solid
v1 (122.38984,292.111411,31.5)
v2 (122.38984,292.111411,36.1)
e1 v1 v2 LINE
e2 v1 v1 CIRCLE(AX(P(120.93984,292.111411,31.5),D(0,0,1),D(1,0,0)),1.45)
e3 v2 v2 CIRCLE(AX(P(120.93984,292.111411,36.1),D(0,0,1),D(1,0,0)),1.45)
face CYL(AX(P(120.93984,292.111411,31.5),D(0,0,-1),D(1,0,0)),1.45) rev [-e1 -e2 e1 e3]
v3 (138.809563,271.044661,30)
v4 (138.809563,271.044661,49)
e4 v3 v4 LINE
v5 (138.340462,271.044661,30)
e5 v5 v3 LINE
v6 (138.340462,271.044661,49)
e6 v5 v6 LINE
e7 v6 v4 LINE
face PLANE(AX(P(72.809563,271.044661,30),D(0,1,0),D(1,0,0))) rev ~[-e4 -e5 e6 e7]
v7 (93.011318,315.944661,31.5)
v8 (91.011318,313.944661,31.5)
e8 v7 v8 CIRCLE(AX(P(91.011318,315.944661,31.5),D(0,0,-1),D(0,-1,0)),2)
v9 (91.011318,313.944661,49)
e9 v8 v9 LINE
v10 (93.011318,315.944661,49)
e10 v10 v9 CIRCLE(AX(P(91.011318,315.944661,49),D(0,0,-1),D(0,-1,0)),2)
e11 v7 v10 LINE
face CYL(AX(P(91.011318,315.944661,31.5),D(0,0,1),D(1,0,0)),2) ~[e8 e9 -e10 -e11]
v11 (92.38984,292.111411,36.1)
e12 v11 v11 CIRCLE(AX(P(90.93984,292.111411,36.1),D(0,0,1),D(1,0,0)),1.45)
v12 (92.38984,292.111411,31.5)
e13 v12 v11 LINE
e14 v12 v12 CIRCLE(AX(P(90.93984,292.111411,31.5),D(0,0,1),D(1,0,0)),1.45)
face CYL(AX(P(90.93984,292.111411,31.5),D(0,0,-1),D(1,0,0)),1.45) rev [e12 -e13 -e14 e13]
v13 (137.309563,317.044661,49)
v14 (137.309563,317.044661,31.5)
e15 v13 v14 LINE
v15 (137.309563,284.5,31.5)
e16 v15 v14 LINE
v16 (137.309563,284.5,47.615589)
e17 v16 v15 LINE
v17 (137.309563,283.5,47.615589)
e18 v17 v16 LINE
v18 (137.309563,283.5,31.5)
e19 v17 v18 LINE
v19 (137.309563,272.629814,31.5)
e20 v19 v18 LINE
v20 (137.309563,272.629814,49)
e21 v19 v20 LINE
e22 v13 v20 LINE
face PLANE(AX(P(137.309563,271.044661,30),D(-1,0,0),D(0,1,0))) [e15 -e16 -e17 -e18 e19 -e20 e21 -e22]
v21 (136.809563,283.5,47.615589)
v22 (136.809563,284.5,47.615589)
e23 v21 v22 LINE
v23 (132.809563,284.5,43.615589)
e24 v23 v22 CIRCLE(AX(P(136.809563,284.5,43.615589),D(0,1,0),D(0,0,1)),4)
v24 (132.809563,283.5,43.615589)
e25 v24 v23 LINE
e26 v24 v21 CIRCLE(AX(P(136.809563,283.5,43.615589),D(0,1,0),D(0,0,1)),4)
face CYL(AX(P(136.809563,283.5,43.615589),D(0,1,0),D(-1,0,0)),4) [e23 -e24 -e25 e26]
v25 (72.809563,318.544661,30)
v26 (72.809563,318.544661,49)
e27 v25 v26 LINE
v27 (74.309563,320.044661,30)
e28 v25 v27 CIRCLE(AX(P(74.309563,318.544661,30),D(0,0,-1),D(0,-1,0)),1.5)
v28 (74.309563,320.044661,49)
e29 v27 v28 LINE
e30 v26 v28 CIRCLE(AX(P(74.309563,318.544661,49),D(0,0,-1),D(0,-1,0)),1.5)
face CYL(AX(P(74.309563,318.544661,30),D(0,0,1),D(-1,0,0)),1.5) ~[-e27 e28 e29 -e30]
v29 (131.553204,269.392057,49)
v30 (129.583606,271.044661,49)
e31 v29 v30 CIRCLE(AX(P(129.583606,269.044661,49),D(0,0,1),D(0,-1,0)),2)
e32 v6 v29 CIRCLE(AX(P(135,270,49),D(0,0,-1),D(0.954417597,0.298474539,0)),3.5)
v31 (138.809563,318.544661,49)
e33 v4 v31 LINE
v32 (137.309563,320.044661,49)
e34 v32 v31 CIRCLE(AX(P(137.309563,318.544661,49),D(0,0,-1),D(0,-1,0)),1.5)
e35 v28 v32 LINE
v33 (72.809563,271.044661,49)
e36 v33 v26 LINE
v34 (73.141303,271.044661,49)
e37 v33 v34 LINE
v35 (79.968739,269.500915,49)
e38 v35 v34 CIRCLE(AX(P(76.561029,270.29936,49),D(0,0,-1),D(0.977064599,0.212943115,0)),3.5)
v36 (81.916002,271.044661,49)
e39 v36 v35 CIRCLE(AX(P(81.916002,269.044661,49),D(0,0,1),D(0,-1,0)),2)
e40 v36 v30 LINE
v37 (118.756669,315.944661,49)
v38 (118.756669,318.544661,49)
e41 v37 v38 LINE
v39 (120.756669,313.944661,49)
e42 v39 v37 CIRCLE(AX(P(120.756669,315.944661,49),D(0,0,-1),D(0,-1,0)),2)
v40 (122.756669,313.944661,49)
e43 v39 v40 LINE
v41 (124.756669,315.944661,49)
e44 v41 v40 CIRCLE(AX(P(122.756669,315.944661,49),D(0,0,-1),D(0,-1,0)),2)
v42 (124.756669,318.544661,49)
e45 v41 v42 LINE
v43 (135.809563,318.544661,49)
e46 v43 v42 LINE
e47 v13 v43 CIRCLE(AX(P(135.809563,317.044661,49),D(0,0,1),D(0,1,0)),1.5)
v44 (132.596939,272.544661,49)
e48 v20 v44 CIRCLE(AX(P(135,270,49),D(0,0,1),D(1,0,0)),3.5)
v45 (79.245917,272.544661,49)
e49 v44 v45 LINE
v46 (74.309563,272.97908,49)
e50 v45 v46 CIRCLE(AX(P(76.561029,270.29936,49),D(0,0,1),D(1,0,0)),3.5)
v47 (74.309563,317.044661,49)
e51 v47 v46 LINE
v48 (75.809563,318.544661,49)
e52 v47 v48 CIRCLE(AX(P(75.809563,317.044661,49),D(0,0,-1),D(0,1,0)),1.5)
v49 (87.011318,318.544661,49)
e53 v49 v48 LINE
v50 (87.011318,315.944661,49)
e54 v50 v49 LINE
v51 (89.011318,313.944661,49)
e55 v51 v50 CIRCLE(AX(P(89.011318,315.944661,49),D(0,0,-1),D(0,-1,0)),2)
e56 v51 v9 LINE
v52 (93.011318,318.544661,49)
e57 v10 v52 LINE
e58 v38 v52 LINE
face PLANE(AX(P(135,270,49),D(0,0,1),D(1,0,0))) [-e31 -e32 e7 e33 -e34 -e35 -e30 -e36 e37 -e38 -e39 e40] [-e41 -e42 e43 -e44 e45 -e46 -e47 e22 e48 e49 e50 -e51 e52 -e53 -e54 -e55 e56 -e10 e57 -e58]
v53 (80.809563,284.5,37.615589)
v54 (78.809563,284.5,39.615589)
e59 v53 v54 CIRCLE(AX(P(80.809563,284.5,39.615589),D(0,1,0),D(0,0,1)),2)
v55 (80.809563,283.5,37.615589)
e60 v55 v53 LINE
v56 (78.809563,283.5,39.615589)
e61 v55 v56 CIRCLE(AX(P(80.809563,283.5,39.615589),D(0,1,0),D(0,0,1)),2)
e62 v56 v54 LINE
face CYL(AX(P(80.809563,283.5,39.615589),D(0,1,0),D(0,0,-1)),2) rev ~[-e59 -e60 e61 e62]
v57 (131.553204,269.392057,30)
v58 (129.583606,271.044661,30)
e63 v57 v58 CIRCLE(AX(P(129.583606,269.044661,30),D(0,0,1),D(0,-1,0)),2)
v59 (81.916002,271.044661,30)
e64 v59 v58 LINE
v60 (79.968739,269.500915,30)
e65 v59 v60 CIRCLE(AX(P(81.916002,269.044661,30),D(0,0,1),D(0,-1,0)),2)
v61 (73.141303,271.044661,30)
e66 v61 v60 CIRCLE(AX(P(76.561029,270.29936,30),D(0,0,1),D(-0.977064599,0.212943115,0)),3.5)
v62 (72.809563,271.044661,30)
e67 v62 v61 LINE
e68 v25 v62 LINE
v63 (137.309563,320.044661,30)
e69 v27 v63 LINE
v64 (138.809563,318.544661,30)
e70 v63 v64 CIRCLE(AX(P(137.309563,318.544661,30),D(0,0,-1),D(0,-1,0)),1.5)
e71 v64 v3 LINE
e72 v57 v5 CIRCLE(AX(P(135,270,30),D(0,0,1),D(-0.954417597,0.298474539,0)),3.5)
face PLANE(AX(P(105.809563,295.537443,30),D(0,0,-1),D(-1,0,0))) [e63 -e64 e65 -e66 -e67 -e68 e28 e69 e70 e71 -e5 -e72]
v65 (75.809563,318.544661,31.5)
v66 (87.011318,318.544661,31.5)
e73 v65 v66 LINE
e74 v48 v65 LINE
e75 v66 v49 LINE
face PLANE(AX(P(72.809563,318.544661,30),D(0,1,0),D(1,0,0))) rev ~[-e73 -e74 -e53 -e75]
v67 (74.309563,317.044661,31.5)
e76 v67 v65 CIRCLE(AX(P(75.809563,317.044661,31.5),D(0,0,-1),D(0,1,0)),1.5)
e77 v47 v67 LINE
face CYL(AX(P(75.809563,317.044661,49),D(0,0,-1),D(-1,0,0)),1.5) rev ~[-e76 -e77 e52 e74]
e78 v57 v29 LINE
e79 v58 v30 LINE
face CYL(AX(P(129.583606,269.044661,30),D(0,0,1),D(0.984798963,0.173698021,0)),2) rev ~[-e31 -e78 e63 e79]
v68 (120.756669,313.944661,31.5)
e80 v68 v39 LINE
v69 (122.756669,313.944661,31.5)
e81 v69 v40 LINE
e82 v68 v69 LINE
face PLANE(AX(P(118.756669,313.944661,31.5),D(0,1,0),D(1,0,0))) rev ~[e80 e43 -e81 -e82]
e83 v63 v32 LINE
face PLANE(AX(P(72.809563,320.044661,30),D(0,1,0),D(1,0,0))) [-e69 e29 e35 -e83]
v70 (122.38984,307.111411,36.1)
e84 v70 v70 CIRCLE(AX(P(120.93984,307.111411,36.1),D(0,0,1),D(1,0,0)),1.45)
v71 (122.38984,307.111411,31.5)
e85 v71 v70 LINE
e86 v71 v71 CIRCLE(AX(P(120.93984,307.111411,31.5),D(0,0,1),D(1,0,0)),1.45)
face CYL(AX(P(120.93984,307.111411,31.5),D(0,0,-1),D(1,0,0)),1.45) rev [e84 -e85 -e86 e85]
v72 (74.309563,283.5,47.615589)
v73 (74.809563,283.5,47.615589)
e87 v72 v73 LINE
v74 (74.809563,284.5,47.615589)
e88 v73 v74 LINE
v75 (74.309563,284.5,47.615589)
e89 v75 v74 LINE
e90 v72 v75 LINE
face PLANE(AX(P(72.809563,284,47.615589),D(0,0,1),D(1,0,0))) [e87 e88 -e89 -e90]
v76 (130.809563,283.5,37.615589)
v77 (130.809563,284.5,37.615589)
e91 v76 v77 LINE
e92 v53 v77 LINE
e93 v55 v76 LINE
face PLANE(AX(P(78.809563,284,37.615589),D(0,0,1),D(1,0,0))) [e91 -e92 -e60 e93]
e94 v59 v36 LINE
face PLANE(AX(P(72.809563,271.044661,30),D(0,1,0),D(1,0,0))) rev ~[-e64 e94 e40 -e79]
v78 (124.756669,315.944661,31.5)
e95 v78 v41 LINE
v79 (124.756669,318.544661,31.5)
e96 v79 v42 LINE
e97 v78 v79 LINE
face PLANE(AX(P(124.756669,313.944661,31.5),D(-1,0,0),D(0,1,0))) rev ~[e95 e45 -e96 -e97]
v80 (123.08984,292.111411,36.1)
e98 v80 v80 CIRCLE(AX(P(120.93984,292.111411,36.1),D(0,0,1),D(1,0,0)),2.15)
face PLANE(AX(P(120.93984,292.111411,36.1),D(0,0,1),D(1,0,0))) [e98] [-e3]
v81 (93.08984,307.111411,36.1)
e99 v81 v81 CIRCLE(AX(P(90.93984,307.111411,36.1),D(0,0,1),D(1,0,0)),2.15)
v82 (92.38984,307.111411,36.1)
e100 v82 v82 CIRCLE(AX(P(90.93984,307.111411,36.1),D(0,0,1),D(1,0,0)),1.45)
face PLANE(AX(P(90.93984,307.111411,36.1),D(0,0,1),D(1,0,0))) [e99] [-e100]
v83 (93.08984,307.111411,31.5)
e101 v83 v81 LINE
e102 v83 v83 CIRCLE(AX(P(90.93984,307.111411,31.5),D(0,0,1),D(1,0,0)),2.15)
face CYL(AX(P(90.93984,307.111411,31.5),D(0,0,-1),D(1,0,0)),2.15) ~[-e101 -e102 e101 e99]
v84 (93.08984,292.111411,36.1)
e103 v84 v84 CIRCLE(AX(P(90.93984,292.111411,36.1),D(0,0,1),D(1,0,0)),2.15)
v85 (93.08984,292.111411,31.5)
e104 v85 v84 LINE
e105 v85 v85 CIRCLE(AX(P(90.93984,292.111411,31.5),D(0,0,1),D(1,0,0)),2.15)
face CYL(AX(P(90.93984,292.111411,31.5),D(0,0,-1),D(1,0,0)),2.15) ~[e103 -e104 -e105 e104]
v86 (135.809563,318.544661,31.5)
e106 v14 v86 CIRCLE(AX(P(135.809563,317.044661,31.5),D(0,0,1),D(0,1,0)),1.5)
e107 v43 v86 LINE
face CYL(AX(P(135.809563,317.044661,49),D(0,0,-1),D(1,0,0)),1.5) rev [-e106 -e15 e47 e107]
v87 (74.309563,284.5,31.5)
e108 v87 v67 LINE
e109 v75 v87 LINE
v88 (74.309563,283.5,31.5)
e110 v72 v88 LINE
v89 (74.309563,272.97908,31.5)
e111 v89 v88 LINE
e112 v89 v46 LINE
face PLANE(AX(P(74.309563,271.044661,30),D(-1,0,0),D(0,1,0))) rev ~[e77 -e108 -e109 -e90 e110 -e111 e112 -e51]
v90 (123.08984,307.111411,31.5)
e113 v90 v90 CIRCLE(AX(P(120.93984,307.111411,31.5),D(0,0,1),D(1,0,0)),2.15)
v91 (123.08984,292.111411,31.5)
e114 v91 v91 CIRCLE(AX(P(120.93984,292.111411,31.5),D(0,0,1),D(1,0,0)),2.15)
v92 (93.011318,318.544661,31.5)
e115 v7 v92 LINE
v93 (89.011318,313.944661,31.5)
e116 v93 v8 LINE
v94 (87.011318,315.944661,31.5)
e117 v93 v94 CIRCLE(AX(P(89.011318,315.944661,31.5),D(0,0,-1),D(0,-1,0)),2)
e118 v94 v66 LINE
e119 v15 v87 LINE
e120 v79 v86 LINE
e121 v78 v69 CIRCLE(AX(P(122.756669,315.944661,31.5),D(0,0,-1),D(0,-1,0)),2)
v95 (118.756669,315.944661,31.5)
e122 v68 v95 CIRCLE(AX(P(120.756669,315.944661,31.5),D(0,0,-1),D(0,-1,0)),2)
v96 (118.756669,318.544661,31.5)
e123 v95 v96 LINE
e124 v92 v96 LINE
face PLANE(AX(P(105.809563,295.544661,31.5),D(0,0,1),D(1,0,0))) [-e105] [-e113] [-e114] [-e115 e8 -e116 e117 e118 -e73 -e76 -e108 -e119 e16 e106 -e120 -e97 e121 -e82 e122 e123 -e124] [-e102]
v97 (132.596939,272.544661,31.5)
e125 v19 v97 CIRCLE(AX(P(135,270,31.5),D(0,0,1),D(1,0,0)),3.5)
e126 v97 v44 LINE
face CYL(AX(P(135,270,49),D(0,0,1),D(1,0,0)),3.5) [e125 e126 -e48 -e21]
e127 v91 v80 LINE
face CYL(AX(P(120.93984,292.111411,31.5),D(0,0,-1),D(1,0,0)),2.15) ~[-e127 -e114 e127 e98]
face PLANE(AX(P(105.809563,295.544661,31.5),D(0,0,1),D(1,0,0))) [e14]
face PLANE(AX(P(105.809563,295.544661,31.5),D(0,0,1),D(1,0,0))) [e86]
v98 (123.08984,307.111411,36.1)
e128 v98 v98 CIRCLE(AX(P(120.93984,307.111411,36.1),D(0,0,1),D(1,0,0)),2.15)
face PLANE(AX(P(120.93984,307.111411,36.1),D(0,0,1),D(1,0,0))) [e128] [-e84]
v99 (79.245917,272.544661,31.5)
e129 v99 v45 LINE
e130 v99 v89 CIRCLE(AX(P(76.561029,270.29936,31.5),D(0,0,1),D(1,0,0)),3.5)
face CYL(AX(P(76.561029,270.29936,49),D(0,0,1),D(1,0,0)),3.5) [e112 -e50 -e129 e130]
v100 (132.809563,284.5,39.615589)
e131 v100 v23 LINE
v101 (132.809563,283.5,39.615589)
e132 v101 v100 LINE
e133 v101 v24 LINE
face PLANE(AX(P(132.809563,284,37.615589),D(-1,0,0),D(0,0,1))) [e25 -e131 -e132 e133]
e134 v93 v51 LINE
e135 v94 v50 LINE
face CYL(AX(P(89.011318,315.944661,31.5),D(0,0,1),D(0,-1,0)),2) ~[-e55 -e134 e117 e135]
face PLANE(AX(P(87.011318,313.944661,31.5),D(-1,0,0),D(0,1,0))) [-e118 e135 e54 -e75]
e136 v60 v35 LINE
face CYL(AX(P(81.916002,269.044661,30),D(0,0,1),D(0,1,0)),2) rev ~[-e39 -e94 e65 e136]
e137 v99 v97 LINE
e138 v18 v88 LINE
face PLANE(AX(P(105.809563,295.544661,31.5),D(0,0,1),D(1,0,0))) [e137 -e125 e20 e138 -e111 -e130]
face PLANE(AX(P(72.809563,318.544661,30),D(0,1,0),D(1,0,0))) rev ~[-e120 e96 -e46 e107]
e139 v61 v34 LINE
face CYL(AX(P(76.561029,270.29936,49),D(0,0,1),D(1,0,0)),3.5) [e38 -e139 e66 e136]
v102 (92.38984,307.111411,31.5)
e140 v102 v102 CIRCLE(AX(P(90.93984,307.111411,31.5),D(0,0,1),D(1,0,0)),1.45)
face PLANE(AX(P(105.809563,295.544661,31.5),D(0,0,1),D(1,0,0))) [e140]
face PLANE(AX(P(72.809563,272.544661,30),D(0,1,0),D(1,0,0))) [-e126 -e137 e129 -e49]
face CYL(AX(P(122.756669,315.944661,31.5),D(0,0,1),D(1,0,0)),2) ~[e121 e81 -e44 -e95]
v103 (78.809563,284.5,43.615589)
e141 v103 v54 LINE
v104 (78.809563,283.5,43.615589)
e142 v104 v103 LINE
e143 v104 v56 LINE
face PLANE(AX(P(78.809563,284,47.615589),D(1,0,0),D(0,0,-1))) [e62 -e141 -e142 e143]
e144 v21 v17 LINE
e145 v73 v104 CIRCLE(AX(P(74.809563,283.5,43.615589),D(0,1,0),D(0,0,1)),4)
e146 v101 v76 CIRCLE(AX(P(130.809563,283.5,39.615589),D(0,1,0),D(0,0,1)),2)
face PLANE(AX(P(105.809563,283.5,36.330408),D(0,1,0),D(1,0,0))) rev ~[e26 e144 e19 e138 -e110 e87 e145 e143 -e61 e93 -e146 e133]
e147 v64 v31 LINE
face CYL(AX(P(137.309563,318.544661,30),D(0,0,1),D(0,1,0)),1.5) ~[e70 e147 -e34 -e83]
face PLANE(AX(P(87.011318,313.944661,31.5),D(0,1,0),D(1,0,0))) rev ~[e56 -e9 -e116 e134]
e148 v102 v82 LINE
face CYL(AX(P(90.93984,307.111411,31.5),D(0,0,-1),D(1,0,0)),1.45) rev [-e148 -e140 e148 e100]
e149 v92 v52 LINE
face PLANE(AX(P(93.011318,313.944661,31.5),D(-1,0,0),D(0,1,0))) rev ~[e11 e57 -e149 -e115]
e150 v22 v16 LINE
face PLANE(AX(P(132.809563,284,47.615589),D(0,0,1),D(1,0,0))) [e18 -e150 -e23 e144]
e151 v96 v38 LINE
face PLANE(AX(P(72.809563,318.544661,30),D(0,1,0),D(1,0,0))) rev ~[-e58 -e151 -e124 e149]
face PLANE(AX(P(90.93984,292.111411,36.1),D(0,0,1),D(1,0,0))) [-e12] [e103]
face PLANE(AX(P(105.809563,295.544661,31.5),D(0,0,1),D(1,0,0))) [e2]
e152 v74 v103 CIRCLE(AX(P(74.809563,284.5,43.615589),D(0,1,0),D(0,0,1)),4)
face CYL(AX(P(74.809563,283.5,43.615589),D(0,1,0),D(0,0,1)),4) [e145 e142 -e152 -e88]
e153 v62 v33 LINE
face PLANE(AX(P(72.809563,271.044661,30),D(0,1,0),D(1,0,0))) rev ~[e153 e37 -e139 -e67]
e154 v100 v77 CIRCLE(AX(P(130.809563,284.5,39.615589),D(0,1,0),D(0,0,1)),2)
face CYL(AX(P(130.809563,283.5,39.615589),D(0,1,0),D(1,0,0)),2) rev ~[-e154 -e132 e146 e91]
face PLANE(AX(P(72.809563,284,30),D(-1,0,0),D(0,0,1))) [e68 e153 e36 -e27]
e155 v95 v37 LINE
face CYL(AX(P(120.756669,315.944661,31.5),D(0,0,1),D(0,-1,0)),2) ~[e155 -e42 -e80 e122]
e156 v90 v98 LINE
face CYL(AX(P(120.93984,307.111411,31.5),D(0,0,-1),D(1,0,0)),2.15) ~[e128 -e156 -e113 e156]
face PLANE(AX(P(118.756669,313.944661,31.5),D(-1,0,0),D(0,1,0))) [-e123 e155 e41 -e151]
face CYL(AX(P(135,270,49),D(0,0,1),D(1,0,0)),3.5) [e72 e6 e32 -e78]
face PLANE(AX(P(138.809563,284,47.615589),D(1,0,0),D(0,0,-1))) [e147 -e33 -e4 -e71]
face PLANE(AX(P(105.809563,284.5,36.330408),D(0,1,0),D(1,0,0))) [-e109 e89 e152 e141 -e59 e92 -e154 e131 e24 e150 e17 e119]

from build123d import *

# Parameters (mm, degrees)
SKETCH1_W           = 66
SKETCH1_H           = 49
BOSS_EXTRUDE1_DEPTH = 19
SHELL1_T            = -1.5
SKETCH2_W           = 6
SKETCH2_H           = 4.6
BOSS_EXTRUDE2_DEPTH = 17.5
FILLET1_R           = 1.5
SKETCH3_R           = 2.15
SKETCH3_R_2         = 1.45
BOSS_EXTRUDE3_DEPTH = 4.6
BOSS_EXTRUDE4_DEPTH = 0.5
FILLET2_R           = 4
FILLET3_R           = 2
BOSS_EXTRUDE5_REACH = 351.368
SKETCH5_R           = 3.5
FILLET4_R           = 2


with BuildPart() as part:
    # Sketch1 → Boss-Extrude1 (new body)
    with BuildSketch(Plane.XY.offset(30)):
        with Locations((105.809562907, 295.544660887)):
            Rectangle(SKETCH1_W, SKETCH1_H)
    extrude(amount=BOSS_EXTRUDE1_DEPTH)

    # Shell1
    shell1_openings = [part.faces().sort_by_distance(p)[0] for p in [
        (105.809562907, 295.544660887, 49),
    ]]
    offset(amount=SHELL1_T, openings=shell1_openings, kind=Kind.INTERSECTION)

    # Sketch2 → Boss-Extrude2 (add)
    with BuildSketch(Plane.XY.offset(31.5)):
        with Locations((90.011318394, 316.244660887)):
            Rectangle(SKETCH2_W, SKETCH2_H)
        with Locations((121.756668801, 316.244660887)):
            Rectangle(SKETCH2_W, SKETCH2_H)
    extrude(amount=BOSS_EXTRUDE2_DEPTH)

    # Fillet1
    fillet1_edges = [part.edges().sort_by_distance(p)[0] for p in [
        (74.309562907, 318.544660887, 40.25),
        (137.309562907, 318.544660887, 40.25),
        (72.809562907, 320.044660887, 39.5),
        (138.809562907, 320.044660887, 39.5),
    ]]
    fillet(fillet1_edges, radius=FILLET1_R)

    # Sketch3 → Boss-Extrude3 (add)
    # profile 1 of 4: a face of its own
    with BuildSketch(Plane.XY.offset(31.5)):
        with Locations((90.939840403, 307.111410879)):
            Circle(SKETCH3_R)
        with Locations((90.939840403, 307.111410879)):
            Circle(SKETCH3_R_2, mode=Mode.SUBTRACT)
    # profile 2 of 4: a face of its own
    with BuildSketch(Plane.XY.offset(31.5)):
        with Locations((120.939840403, 307.111410879)):
            Circle(SKETCH3_R)
        with Locations((120.939840403, 307.111410879)):
            Circle(SKETCH3_R_2, mode=Mode.SUBTRACT)
    # profile 3 of 4: a face of its own
    with BuildSketch(Plane.XY.offset(31.5)):
        with Locations((120.939840403, 292.111410879)):
            Circle(SKETCH3_R)
        with Locations((120.939840403, 292.111410879)):
            Circle(SKETCH3_R_2, mode=Mode.SUBTRACT)
    # profile 4 of 4: a face of its own
    with BuildSketch(Plane.XY.offset(31.5)):
        with Locations((90.939840403, 292.111410879)):
            Circle(SKETCH3_R)
        with Locations((90.939840403, 292.111410879)):
            Circle(SKETCH3_R_2, mode=Mode.SUBTRACT)
    extrude(amount=BOSS_EXTRUDE3_DEPTH)

    # Sketch4 → Boss-Extrude4 (add, symmetric)
    with BuildSketch(Plane(origin=(0, 284, 0), x_dir=(1, 0, 0), z_dir=(0, 1, 0))):
        Polygon((72.809562907, -47.615589413), (78.809562907, -47.615589413), (78.809562907, -37.615589413), (132.809562907, -37.615589413), (132.809562907, -47.615589413), (138.809562907, -47.615589413), (138.809562907, -30), (72.809562907, -30), align=None)
    extrude(amount=BOSS_EXTRUDE4_DEPTH, both=True)

    # Fillet2
    fillet2_edges = [part.edges().sort_by_distance(p)[0] for p in [
        (78.809562907, 284, 47.615589413),
        (132.809562907, 284, 47.615589413),
    ]]
    fillet(fillet2_edges, radius=FILLET2_R)

    # Fillet3
    fillet3_edges = [part.edges().sort_by_distance(p)[0] for p in [
        (78.809562907, 284, 37.615589413),
        (132.809562907, 284, 37.615589413),
    ]]
    fillet(fillet3_edges, radius=FILLET3_R)

    # Boss-Extrude5: up to this face of the body (flat: up to its plane)
    boss_extrude5_end = Plane(part.part.faces().sort_by_distance((105.809562907, 295.537442811, 30))[0])
    # Sketch5 → Boss-Extrude5 (add, up to the picked face)
    with BuildSketch(Plane.XY.offset(49), mode=Mode.PRIVATE) as boss_extrude5_sk1:
        with Locations((76.56102911, 270.299359986)):
            Circle(SKETCH5_R)
    boss_extrude5_tool1 = split(extrude(boss_extrude5_sk1.sketch, amount=-BOSS_EXTRUDE5_REACH, mode=Mode.PRIVATE), bisect_by=boss_extrude5_end, keep=Keep.BOTH, mode=Mode.PRIVATE)
    # Sketch5 → Boss-Extrude5 (add, up to the picked face)
    with BuildSketch(Plane.XY.offset(49), mode=Mode.PRIVATE) as boss_extrude5_sk2:
        with Locations((135, 270)):
            Circle(SKETCH5_R)
    boss_extrude5_tool2 = split(extrude(boss_extrude5_sk2.sketch, amount=-BOSS_EXTRUDE5_REACH, mode=Mode.PRIVATE), bisect_by=boss_extrude5_end, keep=Keep.BOTH, mode=Mode.PRIVATE)
    add(boss_extrude5_tool1.solids().sort_by(Axis((76.561029, 270.29936, 49), (0, 0, -1)))[0])
    add(boss_extrude5_tool2.solids().sort_by(Axis((135, 270, 49), (0, 0, -1)))[0])

    # Fillet4
    fillet4_edges = [part.edges().sort_by_distance(p)[0] for p in [
        (79.980755206, 271.044660887, 39.5),
        (131.659538411, 271.044660887, 39.5),
        (87.011318394, 313.944660887, 40.25),
        (93.011318394, 313.944660887, 40.25),
        (118.756668801, 313.944660887, 40.25),
        (124.756668801, 313.944660887, 40.25),
    ]]
    fillet(fillet4_edges, radius=FILLET4_R)


solid = part.part
